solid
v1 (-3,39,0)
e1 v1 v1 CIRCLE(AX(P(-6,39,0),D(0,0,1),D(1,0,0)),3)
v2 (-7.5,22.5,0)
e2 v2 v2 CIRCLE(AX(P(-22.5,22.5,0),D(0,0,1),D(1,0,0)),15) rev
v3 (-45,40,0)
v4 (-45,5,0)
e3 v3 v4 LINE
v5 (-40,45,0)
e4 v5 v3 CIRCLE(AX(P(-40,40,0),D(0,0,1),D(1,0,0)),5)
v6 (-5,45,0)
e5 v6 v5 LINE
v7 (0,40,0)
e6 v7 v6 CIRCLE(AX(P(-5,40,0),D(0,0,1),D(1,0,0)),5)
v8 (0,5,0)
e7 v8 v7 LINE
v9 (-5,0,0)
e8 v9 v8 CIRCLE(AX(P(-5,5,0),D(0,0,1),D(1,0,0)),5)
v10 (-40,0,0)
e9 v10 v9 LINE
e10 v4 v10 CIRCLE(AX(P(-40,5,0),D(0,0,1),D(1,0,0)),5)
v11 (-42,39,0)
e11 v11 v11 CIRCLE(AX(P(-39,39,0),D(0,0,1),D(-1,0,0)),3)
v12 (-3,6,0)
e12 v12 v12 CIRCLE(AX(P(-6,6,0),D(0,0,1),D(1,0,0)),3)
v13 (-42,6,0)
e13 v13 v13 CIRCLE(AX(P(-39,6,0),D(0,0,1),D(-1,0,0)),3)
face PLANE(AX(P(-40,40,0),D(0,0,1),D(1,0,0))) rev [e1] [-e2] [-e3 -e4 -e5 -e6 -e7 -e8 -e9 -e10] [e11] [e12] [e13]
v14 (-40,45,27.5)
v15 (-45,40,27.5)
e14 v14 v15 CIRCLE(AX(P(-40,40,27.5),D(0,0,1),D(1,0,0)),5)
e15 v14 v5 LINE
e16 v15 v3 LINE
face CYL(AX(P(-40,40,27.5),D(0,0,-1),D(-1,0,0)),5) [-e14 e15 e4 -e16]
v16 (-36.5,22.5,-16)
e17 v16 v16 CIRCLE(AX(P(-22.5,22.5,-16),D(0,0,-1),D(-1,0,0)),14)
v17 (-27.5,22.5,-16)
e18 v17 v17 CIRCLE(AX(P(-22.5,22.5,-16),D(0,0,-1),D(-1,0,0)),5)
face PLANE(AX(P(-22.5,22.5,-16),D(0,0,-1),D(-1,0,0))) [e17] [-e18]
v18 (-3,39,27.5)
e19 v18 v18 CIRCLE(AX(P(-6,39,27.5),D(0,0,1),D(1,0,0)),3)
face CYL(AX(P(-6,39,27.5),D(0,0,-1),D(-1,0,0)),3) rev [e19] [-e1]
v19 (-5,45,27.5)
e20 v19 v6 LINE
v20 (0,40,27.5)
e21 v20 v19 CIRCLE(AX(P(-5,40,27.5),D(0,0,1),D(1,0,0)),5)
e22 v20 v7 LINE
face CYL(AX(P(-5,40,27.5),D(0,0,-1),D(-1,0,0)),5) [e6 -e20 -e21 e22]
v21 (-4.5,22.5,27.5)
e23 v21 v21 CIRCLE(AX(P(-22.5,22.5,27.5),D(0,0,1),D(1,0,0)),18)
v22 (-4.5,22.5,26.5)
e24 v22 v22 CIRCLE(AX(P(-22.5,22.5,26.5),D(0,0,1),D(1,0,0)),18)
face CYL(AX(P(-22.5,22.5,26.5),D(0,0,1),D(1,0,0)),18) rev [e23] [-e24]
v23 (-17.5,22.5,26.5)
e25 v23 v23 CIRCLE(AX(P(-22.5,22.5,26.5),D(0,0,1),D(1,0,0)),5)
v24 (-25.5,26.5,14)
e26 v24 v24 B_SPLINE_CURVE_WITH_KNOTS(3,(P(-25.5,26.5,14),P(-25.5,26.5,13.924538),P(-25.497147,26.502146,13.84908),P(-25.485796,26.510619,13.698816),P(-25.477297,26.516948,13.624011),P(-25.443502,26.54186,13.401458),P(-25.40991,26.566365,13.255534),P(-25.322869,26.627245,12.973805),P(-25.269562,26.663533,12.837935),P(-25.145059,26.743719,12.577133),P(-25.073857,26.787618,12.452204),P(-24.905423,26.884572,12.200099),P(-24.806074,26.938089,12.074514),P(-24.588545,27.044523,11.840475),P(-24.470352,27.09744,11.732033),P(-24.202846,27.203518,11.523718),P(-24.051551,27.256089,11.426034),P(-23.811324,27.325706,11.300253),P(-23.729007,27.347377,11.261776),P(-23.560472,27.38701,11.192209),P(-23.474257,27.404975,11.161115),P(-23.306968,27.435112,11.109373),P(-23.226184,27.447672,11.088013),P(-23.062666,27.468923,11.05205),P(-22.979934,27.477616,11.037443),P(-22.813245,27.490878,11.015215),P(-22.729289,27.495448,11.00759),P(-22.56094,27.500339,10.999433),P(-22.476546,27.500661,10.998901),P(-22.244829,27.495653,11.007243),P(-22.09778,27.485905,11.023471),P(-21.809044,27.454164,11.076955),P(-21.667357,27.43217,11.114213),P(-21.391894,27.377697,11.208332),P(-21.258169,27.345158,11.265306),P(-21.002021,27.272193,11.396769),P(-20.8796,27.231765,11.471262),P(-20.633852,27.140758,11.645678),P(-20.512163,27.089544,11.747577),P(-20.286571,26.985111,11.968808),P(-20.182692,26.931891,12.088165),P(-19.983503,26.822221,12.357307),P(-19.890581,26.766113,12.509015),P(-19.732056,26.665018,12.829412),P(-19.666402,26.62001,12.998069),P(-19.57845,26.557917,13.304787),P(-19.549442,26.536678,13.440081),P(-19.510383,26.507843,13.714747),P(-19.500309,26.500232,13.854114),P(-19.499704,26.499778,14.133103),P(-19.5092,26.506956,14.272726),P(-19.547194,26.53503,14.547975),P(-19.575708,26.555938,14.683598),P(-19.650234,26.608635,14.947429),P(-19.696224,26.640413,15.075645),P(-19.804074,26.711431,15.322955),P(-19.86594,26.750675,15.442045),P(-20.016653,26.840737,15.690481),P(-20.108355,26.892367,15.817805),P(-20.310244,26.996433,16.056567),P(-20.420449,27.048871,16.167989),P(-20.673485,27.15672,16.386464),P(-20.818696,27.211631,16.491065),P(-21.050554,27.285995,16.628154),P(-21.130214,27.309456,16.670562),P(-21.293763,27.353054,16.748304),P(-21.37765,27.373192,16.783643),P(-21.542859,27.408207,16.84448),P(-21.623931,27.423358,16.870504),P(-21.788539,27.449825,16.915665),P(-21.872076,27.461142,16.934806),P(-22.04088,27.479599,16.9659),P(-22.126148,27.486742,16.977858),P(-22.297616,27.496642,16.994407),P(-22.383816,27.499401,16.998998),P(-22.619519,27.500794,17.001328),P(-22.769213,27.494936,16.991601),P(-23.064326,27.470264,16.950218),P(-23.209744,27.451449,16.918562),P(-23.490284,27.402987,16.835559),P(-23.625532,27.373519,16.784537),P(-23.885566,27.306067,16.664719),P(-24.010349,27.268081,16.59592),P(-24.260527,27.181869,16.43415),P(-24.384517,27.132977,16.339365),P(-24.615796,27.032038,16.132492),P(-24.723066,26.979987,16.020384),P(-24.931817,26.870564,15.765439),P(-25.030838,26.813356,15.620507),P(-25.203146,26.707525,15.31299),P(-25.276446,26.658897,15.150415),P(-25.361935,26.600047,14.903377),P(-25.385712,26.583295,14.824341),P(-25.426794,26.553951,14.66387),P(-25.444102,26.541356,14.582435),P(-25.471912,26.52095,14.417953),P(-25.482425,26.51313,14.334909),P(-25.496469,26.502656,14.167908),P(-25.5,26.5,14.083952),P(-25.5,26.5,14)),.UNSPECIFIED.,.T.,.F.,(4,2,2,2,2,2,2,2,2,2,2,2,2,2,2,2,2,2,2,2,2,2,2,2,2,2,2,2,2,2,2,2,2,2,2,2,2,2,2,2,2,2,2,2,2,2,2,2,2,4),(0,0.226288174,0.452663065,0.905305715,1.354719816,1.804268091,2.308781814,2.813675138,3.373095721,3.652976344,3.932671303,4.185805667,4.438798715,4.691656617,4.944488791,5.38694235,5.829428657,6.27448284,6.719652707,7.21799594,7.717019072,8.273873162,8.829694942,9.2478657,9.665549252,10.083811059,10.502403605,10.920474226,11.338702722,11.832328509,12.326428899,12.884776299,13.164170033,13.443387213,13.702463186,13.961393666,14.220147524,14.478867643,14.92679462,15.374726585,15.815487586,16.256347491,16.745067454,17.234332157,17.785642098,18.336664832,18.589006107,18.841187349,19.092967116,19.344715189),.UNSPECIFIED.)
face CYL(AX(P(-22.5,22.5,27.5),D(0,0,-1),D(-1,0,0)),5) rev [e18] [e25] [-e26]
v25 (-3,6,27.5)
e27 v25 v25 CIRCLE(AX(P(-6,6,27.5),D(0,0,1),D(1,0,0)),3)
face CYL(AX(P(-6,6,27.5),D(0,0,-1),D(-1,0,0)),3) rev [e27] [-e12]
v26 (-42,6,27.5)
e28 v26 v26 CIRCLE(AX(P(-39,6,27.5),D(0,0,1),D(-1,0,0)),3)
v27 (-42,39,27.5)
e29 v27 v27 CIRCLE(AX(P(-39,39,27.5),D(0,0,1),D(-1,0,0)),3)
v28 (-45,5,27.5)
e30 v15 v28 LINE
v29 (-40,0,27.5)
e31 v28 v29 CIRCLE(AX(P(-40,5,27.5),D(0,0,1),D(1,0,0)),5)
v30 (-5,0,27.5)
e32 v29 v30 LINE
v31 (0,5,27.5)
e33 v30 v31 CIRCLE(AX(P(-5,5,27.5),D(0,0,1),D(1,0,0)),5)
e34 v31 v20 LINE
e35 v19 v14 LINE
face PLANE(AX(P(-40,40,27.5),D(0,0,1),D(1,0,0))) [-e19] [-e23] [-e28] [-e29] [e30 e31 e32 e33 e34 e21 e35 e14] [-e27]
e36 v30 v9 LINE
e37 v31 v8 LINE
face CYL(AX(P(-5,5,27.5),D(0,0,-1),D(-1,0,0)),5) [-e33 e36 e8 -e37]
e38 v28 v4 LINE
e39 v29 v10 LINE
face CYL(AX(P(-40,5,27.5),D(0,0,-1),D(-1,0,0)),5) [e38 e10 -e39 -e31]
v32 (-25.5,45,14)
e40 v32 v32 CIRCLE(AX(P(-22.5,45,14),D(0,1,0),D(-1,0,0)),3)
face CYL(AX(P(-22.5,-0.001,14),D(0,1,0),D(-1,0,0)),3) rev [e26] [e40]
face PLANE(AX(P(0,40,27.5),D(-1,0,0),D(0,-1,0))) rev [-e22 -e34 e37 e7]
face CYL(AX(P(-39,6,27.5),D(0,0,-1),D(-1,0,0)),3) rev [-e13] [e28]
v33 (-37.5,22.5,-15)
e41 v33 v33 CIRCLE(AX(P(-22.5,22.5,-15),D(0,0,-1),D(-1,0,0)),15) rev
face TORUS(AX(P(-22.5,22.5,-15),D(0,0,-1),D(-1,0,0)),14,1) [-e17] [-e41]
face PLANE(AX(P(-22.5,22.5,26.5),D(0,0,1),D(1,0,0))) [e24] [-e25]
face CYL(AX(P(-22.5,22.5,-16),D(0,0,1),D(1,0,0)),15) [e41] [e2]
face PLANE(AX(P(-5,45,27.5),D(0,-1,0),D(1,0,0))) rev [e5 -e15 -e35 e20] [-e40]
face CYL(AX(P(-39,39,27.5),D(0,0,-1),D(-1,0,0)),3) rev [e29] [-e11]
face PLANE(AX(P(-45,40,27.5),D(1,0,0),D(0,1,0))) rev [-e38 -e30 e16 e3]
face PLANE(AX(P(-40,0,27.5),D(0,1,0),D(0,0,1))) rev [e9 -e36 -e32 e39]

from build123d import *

# Parameters (mm, degrees)
SKETCH1_R           = 3
BOSS_EXTRUDE1_DEPTH = 27.5
SKETCH3_R           = 18
CUT_EXTRUDE1_DEPTH  = 1
SKETCH4_R           = 5
CUT_EXTRUDE2_DEPTH  = 28.5
SKETCH5_R           = 15
SKETCH5_R_2         = 5
BOSS_EXTRUDE2_DEPTH = 16
FILLET1_R           = 1
CUT_EXTRUDE3_REACH  = 47
SKETCH6_R           = 3


with BuildPart() as part:
    # Sketch1 → Boss-Extrude1 (new body)
    with BuildSketch(Plane.XY):
        with BuildLine():
            Line((0, 40), (0, 5))
            ThreePointArc((0, 5), (-1.464466094, 1.464466094), (-5, 0))
            Line((-5, 0), (-40, 0))
            ThreePointArc((-40, 0), (-43.535533906, 1.464466094), (-45, 5))
            Line((-45, 5), (-45, 40))
            ThreePointArc((-45, 40), (-43.535533906, 43.535533906), (-40, 45))
            Line((-40, 45), (-5, 45))
            ThreePointArc((-5, 45), (-1.464466094, 43.535533906), (0, 40))
        make_face()
        with Locations((-6, 39)):
            Circle(SKETCH1_R, mode=Mode.SUBTRACT)
        with Locations((-6, 6)):
            Circle(SKETCH1_R, mode=Mode.SUBTRACT)
        with Locations((-39, 6)):
            Circle(SKETCH1_R, mode=Mode.SUBTRACT)
        with Locations((-39, 39)):
            Circle(SKETCH1_R, mode=Mode.SUBTRACT)
    extrude(amount=BOSS_EXTRUDE1_DEPTH)

    # Sketch3 → Cut-Extrude1 (cut)
    with BuildSketch(Plane.XY.offset(27.5)):
        with Locations((-22.5, 22.5)):
            Circle(SKETCH3_R)
    extrude(amount=-CUT_EXTRUDE1_DEPTH, mode=Mode.SUBTRACT)

    # Sketch4 → Cut-Extrude2 (cut, through all)
    with BuildSketch(Plane(origin=(0, 0, 0), x_dir=(-1, 0, 0), z_dir=(0, 0, -1))):
        with Locations((22.5, 22.5)):
            Circle(SKETCH4_R)
    extrude(amount=-CUT_EXTRUDE2_DEPTH, mode=Mode.SUBTRACT)

    # Sketch5 → Boss-Extrude2 (add)
    with BuildSketch(Plane(origin=(0, 0, 0), x_dir=(-1, 0, 0), z_dir=(0, 0, -1))):
        with Locations((22.5, 22.5)):
            Circle(SKETCH5_R)
        with Locations((22.5, 22.5)):
            Circle(SKETCH5_R_2, mode=Mode.SUBTRACT)
    extrude(amount=BOSS_EXTRUDE2_DEPTH)

    # Fillet1
    fillet1_edges = [part.edges().sort_by_distance(p)[0] for p in [
        (-7.5, 22.5, -16),
    ]]
    fillet(fillet1_edges, radius=FILLET1_R)

    # Sketch6 → Cut-Extrude3 (cut, up to next)
    with BuildSketch(Plane(origin=(0, 45, 0), x_dir=(1, 0, 0), z_dir=(0, 1, 0)), mode=Mode.PRIVATE) as cut_extrude3_sk1:
        with Locations((-22.5, -14)):
            Circle(SKETCH6_R)
    cut_extrude3_tool1 = extrude(cut_extrude3_sk1.sketch, amount=-CUT_EXTRUDE3_REACH, mode=Mode.PRIVATE) & part.part
    add(cut_extrude3_tool1.solids().sort_by_distance((-22.5, 45, 14))[0], mode=Mode.SUBTRACT)


solid = part.part
